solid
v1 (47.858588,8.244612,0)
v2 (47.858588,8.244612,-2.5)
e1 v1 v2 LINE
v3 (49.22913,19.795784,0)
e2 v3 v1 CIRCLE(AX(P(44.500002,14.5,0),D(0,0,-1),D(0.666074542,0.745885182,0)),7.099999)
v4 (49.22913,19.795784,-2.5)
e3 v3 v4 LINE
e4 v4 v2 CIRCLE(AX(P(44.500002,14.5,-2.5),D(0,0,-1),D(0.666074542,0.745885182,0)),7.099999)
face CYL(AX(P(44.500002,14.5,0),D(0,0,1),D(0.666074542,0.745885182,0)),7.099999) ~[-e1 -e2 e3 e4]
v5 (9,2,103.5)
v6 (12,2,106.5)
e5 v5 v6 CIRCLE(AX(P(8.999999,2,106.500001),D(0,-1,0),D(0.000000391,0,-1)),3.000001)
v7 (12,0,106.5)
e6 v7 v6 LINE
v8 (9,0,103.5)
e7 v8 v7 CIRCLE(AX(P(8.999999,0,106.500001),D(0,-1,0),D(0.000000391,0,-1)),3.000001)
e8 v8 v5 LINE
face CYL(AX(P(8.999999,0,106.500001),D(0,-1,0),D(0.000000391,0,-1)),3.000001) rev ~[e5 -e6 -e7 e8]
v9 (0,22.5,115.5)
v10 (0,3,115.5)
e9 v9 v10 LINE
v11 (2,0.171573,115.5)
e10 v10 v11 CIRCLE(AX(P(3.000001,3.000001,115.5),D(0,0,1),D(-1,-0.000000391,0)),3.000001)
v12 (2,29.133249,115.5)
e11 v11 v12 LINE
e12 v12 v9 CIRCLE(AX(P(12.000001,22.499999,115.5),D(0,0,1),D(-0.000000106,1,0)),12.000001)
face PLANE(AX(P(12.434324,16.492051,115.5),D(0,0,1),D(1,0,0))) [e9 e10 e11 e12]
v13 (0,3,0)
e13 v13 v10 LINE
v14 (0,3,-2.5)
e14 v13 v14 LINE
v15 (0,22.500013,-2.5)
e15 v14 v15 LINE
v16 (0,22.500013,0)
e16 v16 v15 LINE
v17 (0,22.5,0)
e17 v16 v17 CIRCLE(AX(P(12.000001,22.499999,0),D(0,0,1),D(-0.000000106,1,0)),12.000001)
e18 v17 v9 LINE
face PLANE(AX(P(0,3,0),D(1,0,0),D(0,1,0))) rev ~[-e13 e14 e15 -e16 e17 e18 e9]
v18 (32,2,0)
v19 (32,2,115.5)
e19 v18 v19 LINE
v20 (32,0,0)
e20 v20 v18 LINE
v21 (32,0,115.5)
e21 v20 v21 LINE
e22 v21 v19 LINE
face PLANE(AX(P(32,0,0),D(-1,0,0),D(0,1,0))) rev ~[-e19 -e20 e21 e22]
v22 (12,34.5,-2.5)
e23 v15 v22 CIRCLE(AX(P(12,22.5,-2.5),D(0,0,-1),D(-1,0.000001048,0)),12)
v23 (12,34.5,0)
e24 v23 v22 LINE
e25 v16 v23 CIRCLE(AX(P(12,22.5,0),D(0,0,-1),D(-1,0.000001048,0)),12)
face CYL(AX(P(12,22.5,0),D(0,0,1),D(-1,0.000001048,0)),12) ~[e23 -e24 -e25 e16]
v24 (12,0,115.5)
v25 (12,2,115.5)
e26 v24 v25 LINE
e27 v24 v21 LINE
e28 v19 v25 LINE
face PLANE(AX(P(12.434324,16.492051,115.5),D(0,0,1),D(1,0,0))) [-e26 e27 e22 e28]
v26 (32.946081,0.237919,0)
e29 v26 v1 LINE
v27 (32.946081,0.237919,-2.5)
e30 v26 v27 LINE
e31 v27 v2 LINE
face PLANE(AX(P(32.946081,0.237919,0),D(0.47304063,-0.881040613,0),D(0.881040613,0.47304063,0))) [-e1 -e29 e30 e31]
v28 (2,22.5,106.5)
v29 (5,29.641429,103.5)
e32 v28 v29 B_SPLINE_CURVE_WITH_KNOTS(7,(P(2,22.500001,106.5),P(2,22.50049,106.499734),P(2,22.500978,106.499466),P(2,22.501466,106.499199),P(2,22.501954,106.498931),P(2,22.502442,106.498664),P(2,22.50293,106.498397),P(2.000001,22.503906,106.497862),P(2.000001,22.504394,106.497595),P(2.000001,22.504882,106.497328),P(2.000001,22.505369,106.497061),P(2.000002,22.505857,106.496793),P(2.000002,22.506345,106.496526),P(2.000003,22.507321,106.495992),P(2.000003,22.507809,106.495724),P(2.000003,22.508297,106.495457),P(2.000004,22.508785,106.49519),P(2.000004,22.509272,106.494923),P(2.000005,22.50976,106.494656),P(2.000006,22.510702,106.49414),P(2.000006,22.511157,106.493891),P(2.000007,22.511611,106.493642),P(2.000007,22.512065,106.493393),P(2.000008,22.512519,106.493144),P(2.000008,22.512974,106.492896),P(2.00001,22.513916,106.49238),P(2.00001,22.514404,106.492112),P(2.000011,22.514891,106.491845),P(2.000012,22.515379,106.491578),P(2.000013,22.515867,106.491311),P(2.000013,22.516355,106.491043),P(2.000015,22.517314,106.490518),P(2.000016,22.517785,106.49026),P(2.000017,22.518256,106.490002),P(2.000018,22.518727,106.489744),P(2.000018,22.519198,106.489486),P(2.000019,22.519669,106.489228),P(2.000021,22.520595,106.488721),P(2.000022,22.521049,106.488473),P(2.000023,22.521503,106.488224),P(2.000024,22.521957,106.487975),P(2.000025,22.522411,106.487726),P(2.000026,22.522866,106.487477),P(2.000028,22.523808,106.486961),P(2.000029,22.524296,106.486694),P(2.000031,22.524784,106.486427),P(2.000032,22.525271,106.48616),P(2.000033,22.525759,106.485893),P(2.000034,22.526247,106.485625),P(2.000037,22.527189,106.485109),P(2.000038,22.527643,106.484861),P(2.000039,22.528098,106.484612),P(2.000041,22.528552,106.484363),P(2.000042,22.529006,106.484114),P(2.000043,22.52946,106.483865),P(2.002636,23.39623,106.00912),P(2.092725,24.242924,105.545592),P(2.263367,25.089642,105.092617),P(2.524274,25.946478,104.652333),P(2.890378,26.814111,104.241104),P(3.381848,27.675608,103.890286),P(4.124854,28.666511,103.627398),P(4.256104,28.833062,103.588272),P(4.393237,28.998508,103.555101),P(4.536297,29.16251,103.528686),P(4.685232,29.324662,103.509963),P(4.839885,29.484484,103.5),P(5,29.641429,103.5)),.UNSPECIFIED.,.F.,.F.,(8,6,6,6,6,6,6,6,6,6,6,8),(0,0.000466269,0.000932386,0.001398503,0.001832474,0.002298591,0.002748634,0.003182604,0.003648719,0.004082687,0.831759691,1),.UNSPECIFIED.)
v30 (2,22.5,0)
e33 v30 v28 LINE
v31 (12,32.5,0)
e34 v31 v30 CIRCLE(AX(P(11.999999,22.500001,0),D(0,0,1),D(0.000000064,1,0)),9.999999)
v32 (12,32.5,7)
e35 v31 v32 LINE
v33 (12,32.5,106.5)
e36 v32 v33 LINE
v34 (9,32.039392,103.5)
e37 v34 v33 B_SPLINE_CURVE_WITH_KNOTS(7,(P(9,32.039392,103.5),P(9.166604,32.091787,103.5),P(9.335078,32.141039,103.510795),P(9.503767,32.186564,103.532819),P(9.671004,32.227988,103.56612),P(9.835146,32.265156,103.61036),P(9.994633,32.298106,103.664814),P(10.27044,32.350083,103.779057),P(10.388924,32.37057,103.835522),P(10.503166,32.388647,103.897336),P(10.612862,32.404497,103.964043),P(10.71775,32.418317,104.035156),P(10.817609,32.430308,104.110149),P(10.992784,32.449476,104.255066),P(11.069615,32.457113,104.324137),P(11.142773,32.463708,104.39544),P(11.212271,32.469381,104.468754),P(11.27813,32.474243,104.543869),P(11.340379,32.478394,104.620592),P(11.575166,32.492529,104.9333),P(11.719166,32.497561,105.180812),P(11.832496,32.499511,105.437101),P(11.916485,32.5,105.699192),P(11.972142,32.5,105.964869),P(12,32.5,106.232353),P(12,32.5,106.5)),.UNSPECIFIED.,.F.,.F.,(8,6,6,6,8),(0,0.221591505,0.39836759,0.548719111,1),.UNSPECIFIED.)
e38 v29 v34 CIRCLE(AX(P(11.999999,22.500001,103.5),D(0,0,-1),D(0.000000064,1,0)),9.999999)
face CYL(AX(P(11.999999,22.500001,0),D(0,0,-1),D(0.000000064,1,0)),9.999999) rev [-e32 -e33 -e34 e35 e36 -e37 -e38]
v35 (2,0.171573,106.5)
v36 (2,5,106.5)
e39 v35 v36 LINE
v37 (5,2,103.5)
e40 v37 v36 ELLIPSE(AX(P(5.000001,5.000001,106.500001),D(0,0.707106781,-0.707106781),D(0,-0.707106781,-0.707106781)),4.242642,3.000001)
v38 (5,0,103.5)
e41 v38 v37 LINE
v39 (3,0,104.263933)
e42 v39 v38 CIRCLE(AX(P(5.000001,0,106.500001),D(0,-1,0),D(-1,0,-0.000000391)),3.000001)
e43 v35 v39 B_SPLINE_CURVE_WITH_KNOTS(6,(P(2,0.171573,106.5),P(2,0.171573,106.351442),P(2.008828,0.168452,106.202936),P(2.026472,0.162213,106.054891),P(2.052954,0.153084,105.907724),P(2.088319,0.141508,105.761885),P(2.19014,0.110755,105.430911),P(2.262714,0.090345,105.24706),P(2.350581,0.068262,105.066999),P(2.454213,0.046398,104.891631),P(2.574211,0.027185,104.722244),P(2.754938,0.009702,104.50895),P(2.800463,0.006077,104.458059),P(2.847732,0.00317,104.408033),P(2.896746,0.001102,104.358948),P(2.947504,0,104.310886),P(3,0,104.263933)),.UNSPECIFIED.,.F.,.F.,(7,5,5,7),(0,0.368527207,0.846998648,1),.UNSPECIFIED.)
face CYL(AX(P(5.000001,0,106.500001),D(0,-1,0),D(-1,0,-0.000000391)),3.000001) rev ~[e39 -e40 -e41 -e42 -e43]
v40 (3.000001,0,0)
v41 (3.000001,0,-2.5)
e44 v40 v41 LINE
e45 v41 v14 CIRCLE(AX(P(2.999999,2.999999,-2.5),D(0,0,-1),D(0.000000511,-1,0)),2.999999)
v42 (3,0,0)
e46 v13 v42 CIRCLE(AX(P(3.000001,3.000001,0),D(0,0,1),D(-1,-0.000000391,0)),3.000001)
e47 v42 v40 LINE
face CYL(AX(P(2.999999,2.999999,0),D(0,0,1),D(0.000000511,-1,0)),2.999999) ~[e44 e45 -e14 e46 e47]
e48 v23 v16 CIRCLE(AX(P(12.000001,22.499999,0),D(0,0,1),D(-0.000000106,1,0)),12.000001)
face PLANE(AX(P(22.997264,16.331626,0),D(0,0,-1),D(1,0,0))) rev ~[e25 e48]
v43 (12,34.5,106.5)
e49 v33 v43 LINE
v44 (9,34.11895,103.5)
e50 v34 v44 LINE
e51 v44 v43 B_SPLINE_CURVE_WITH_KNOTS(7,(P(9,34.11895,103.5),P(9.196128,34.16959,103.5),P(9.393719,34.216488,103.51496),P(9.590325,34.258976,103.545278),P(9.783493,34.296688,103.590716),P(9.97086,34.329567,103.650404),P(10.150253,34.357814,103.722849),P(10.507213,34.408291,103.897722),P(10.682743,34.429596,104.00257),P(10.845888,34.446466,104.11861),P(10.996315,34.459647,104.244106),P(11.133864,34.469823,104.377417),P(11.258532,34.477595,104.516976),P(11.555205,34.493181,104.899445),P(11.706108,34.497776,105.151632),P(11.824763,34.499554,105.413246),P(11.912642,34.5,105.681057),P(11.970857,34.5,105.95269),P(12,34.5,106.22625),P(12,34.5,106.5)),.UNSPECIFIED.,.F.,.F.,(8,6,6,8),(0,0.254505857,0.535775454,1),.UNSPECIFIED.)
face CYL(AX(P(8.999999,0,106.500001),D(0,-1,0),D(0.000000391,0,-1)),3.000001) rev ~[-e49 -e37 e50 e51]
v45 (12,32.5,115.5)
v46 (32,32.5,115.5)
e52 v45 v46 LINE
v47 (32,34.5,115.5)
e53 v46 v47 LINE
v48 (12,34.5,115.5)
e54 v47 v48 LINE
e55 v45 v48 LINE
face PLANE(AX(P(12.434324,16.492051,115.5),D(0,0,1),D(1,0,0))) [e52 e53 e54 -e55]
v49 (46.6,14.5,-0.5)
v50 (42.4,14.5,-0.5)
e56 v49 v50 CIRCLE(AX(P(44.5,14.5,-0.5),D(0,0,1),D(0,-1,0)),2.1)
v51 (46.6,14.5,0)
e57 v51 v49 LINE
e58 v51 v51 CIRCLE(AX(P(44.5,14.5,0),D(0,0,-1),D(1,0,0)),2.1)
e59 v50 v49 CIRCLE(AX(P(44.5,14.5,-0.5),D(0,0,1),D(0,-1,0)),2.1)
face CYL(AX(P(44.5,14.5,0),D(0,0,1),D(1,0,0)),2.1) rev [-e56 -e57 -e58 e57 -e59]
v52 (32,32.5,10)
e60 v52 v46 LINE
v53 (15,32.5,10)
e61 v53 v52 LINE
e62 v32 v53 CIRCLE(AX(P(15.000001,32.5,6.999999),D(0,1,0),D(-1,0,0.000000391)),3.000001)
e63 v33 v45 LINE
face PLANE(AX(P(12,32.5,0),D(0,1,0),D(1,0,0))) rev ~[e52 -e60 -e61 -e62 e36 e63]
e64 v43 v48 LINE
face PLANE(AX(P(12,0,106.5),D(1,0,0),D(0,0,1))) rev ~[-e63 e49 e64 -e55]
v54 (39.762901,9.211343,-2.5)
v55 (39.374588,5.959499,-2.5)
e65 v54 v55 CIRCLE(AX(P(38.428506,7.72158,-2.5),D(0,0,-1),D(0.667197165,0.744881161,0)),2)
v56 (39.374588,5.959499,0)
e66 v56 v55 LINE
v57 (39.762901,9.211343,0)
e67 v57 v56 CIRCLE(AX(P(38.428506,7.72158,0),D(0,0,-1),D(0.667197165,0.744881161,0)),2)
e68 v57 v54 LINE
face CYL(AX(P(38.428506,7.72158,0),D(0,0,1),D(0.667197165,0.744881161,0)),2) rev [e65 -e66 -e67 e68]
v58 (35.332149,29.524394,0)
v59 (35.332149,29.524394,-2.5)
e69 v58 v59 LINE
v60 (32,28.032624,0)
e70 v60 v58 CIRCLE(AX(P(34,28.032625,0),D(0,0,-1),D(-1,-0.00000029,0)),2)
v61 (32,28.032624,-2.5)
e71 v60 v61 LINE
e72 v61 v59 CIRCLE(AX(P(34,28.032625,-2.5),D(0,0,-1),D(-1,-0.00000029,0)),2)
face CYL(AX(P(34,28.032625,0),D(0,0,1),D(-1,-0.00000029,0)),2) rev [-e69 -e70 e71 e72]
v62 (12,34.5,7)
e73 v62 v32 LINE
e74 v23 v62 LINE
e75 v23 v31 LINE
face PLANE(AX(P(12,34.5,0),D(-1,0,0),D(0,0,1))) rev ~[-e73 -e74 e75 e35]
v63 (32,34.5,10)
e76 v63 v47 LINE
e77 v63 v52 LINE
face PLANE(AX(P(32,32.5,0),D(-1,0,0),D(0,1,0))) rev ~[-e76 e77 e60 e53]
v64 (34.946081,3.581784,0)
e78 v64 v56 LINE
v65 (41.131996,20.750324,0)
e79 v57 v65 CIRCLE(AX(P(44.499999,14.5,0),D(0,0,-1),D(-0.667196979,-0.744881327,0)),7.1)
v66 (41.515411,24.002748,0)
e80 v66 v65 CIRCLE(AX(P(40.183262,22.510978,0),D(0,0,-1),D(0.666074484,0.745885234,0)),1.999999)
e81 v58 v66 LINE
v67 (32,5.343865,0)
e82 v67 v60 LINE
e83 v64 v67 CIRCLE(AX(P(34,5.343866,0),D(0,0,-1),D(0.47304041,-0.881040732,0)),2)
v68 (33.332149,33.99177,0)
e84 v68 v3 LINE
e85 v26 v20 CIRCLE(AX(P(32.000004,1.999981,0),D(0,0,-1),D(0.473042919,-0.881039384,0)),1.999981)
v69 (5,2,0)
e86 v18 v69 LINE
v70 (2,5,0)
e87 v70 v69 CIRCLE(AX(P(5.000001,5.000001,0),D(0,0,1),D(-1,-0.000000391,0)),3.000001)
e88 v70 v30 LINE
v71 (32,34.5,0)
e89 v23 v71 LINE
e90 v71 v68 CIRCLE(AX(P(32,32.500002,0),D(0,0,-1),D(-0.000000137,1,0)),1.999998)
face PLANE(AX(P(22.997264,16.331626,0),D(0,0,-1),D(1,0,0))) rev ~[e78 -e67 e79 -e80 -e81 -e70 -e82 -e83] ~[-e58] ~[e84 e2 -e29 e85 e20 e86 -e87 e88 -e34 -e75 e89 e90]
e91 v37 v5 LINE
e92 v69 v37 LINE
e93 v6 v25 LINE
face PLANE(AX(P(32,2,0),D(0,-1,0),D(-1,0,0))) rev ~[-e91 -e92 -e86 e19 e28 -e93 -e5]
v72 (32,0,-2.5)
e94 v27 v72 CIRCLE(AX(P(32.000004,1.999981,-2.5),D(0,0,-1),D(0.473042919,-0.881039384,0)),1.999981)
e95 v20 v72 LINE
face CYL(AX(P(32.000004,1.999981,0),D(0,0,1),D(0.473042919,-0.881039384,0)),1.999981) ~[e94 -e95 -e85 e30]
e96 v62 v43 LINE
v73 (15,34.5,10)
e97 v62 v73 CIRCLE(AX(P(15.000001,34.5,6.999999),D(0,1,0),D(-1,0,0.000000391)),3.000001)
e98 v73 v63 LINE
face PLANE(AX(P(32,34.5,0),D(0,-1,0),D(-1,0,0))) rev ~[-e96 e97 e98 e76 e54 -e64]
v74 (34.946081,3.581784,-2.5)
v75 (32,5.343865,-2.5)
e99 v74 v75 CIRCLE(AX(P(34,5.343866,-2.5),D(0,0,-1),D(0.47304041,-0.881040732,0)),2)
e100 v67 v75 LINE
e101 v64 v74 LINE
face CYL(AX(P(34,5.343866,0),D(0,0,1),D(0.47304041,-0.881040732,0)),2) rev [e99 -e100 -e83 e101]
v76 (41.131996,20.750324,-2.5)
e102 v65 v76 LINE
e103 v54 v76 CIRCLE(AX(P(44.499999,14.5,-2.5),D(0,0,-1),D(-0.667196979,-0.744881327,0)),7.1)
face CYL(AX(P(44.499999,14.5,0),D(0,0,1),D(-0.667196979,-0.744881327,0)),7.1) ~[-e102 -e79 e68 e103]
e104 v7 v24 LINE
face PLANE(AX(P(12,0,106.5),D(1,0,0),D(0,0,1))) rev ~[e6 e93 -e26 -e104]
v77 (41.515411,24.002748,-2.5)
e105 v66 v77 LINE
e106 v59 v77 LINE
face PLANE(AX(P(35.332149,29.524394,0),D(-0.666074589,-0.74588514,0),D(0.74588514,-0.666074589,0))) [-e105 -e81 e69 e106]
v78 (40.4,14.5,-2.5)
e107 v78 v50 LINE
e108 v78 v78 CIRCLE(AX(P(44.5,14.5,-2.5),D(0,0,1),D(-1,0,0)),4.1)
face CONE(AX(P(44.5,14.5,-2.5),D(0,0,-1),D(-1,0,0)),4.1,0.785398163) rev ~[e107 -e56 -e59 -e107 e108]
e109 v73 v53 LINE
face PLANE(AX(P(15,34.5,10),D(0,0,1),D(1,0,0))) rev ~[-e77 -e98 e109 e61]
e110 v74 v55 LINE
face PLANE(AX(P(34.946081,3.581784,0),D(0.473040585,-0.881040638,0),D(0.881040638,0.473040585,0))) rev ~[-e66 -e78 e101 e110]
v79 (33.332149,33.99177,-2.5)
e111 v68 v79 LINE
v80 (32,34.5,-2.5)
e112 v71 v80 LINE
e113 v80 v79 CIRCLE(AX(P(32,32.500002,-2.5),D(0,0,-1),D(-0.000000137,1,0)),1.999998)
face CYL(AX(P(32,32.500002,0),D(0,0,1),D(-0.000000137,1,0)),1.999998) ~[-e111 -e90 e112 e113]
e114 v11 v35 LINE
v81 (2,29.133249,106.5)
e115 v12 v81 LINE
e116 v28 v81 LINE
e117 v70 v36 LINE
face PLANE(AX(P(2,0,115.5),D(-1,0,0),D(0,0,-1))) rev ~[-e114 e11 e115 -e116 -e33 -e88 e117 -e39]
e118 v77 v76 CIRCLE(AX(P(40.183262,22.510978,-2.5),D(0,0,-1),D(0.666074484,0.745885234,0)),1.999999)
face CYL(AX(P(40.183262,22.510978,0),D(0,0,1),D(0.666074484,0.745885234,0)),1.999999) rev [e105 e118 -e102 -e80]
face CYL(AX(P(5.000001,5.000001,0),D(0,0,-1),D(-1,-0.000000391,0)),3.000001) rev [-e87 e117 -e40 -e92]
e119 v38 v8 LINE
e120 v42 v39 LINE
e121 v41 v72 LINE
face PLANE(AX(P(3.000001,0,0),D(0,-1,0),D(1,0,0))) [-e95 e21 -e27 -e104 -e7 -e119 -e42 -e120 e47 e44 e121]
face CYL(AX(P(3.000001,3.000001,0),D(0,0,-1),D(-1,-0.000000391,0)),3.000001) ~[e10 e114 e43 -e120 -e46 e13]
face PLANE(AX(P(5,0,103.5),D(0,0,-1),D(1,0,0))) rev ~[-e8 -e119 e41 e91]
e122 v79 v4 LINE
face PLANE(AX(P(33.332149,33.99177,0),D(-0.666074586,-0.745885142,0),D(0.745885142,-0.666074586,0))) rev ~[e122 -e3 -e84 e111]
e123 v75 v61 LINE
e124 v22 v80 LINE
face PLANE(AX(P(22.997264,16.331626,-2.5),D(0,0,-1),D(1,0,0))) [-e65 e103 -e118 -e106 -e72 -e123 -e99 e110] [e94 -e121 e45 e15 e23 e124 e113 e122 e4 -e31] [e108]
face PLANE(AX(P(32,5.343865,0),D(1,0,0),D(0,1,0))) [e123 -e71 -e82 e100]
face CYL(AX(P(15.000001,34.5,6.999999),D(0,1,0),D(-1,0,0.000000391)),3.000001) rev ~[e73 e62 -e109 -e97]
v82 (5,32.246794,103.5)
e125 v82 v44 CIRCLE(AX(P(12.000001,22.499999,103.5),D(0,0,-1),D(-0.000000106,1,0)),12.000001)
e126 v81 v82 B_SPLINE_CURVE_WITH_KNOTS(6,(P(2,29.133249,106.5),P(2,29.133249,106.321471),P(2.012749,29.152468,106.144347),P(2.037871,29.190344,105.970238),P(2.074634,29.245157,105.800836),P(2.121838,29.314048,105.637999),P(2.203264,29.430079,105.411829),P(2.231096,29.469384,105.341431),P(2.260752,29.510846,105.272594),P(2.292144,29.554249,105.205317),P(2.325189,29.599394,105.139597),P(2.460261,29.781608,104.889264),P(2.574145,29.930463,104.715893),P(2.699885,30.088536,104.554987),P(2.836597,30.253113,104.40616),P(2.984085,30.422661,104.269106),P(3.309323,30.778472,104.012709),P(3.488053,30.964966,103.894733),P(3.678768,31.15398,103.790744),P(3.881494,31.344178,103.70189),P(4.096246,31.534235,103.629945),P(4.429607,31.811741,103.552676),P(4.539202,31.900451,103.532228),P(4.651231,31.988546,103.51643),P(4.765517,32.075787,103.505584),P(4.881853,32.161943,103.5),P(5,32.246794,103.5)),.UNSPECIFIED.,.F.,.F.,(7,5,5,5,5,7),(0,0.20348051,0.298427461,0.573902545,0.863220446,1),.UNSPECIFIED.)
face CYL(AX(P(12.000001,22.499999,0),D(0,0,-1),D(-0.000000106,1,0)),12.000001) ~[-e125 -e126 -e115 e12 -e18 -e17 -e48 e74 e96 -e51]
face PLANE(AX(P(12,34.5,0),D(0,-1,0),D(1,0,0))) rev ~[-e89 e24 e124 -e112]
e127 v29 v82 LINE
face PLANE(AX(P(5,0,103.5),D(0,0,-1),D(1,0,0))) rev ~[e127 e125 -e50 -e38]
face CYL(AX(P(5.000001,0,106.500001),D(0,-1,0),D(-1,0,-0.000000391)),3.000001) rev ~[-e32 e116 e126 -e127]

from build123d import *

# Parameters (mm, degrees)
PAD013_DEPTH        = 115.5
POCKET004_DEPTH     = 2
POCKET005_DEPTH     = 34.501
SKETCH028_R         = 2.1
PAD014_DEPTH        = 2.5
HOLE007_D           = 4
HOLE007_DEPTH       = 25
HOLE007_CSINK_D     = 8.2
HOLE007_CSINK_ANGLE = 90
HOLE007_TIPS_R      = 2


with BuildPart() as part:
    # Sketch023 → Pad013 (new body)
    with BuildSketch(Plane.XY):
        with BuildLine():
            Line((32, 34.5), (12, 34.5))
            ThreePointArc((12, 34.5), (3.514719, 30.985281), (0, 22.5))
            Line((0, 22.5), (0, 3))
            ThreePointArc((0, 3), (0.87868, 0.87868), (3, 0))
            Line((3, 0), (32, 0))
            Line((32, 0), (32, 2))
            Line((32, 2), (5, 2))
            ThreePointArc((2, 5), (2.87868, 2.87868), (5, 2))
            Line((2, 5), (2, 22.5))
            ThreePointArc((12, 32.5), (4.928932, 29.571068), (2, 22.5))
            Line((12, 32.5), (32, 32.5))
            Line((32, 32.5), (32, 34.5))
        make_face()
    extrude(amount=PAD013_DEPTH)

    # Sketch026 (on Face3 of Pad013) → Pocket004 (cut)
    with BuildSketch(Plane(origin=(0, 34.5, 0), x_dir=(-1, 0, 0), z_dir=(0, 1, 0))):
        with BuildLine():
            Line((-32, 0), (-12, 0))
            Line((-12, 0), (-12, 7))
            ThreePointArc((-12, 7), (-12.87868, 9.12132), (-15, 10))
            Line((-15, 10), (-32, 10))
            Line((-32, 10), (-32, 0))
        make_face()
    extrude(amount=-POCKET004_DEPTH, mode=Mode.SUBTRACT)

    # Sketch027 (on Face12 of Pocket004) → Pocket005 (cut, through all)
    with BuildSketch(Plane.XZ):
        with BuildLine():
            Line((2, 115.5), (2, 106.5))
            ThreePointArc((2, 106.5), (2.87868, 104.37868), (5, 103.5))
            Line((5, 103.5), (9, 103.5))
            ThreePointArc((9, 103.5), (11.12132, 104.37868), (12, 106.5))
            Line((12, 106.5), (12, 115.5))
            Line((12, 115.5), (2, 115.5))
        make_face()
    extrude(amount=-POCKET005_DEPTH, mode=Mode.SUBTRACT)

    # Sketch028 (on Face10 of Pocket005) → Pad014 (join)
    with BuildSketch(Plane(origin=(0, 0, 0), x_dir=(1, 0, 0), z_dir=(0, 0, -1))):
        with BuildLine():
            ThreePointArc((0, -22.500013), (3.514723, -30.985286), (12, -34.5))
            Line((12, -34.5), (32, -34.5))
            ThreePointArc((32, -34.5), (32.712902, -34.368628), (33.332149, -33.99177))
            Line((33.332149, -33.99177), (49.22913, -19.795784))
            ThreePointArc((49.22913, -19.795784), (51.550546, -13.663456), (47.858588, -8.244612))
            Line((32.946081, -0.237919), (47.858588, -8.244612))
            ThreePointArc((32.946081, -0.237919), (32.487769, -0.060391), (32, 0))
            Line((3.000001, 0), (32, 0))
            ThreePointArc((3.000001, 0), (0.87868, -0.878679), (0, -3))
            Line((0, -3), (0, -22.500013))
        make_face()
        with Locations((44.5, -14.5)):
            Circle(SKETCH028_R, mode=Mode.SUBTRACT)
        with BuildLine():
            Line((32, -5.343865), (32, -28.032624))
            ThreePointArc((32, -28.032624), (33.182779, -29.858042), (35.332149, -29.524394))
            Line((35.332149, -29.524394), (41.515411, -24.002748))
            ThreePointArc((41.515411, -24.002748), (42.169508, -22.276828), (41.131996, -20.750324))
            ThreePointArc((39.762901, -9.211343), (37.449454, -15.336544), (41.131996, -20.750324))
            ThreePointArc((39.762901, -9.211343), (40.414398, -7.484439), (39.374588, -5.959499))
            Line((34.946081, -3.581784), (39.374588, -5.959499))
            ThreePointArc((34.946081, -3.581784), (32.973395, -3.62745), (32, -5.343865))
        make_face(mode=Mode.SUBTRACT)
    extrude(amount=PAD014_DEPTH)

    # Hole007
    with Locations(Plane(origin=(0, 0, -2.5), x_dir=(1, 0, 0), z_dir=(0, 0, -1))):
        with Locations((44.5, -14.5)):
            CounterSinkHole(HOLE007_D / 2, HOLE007_CSINK_D / 2, depth=HOLE007_DEPTH, counter_sink_angle=HOLE007_CSINK_ANGLE)

    # Hole007 tips → Hole007 tip 1 section 0
    with BuildSketch(Plane(origin=(0, 0, 22.5), x_dir=(1, 0, 0), z_dir=(0, 0, -1)), mode=Mode.PRIVATE) as hole007_tip_1_s0:
        with Locations((44.5, -14.5)):
            Circle(HOLE007_TIPS_R)
    loft([hole007_tip_1_s0.sketch, Vertex(44.5, 14.5, 23.701721)], mode=Mode.SUBTRACT)


solid = part.part
